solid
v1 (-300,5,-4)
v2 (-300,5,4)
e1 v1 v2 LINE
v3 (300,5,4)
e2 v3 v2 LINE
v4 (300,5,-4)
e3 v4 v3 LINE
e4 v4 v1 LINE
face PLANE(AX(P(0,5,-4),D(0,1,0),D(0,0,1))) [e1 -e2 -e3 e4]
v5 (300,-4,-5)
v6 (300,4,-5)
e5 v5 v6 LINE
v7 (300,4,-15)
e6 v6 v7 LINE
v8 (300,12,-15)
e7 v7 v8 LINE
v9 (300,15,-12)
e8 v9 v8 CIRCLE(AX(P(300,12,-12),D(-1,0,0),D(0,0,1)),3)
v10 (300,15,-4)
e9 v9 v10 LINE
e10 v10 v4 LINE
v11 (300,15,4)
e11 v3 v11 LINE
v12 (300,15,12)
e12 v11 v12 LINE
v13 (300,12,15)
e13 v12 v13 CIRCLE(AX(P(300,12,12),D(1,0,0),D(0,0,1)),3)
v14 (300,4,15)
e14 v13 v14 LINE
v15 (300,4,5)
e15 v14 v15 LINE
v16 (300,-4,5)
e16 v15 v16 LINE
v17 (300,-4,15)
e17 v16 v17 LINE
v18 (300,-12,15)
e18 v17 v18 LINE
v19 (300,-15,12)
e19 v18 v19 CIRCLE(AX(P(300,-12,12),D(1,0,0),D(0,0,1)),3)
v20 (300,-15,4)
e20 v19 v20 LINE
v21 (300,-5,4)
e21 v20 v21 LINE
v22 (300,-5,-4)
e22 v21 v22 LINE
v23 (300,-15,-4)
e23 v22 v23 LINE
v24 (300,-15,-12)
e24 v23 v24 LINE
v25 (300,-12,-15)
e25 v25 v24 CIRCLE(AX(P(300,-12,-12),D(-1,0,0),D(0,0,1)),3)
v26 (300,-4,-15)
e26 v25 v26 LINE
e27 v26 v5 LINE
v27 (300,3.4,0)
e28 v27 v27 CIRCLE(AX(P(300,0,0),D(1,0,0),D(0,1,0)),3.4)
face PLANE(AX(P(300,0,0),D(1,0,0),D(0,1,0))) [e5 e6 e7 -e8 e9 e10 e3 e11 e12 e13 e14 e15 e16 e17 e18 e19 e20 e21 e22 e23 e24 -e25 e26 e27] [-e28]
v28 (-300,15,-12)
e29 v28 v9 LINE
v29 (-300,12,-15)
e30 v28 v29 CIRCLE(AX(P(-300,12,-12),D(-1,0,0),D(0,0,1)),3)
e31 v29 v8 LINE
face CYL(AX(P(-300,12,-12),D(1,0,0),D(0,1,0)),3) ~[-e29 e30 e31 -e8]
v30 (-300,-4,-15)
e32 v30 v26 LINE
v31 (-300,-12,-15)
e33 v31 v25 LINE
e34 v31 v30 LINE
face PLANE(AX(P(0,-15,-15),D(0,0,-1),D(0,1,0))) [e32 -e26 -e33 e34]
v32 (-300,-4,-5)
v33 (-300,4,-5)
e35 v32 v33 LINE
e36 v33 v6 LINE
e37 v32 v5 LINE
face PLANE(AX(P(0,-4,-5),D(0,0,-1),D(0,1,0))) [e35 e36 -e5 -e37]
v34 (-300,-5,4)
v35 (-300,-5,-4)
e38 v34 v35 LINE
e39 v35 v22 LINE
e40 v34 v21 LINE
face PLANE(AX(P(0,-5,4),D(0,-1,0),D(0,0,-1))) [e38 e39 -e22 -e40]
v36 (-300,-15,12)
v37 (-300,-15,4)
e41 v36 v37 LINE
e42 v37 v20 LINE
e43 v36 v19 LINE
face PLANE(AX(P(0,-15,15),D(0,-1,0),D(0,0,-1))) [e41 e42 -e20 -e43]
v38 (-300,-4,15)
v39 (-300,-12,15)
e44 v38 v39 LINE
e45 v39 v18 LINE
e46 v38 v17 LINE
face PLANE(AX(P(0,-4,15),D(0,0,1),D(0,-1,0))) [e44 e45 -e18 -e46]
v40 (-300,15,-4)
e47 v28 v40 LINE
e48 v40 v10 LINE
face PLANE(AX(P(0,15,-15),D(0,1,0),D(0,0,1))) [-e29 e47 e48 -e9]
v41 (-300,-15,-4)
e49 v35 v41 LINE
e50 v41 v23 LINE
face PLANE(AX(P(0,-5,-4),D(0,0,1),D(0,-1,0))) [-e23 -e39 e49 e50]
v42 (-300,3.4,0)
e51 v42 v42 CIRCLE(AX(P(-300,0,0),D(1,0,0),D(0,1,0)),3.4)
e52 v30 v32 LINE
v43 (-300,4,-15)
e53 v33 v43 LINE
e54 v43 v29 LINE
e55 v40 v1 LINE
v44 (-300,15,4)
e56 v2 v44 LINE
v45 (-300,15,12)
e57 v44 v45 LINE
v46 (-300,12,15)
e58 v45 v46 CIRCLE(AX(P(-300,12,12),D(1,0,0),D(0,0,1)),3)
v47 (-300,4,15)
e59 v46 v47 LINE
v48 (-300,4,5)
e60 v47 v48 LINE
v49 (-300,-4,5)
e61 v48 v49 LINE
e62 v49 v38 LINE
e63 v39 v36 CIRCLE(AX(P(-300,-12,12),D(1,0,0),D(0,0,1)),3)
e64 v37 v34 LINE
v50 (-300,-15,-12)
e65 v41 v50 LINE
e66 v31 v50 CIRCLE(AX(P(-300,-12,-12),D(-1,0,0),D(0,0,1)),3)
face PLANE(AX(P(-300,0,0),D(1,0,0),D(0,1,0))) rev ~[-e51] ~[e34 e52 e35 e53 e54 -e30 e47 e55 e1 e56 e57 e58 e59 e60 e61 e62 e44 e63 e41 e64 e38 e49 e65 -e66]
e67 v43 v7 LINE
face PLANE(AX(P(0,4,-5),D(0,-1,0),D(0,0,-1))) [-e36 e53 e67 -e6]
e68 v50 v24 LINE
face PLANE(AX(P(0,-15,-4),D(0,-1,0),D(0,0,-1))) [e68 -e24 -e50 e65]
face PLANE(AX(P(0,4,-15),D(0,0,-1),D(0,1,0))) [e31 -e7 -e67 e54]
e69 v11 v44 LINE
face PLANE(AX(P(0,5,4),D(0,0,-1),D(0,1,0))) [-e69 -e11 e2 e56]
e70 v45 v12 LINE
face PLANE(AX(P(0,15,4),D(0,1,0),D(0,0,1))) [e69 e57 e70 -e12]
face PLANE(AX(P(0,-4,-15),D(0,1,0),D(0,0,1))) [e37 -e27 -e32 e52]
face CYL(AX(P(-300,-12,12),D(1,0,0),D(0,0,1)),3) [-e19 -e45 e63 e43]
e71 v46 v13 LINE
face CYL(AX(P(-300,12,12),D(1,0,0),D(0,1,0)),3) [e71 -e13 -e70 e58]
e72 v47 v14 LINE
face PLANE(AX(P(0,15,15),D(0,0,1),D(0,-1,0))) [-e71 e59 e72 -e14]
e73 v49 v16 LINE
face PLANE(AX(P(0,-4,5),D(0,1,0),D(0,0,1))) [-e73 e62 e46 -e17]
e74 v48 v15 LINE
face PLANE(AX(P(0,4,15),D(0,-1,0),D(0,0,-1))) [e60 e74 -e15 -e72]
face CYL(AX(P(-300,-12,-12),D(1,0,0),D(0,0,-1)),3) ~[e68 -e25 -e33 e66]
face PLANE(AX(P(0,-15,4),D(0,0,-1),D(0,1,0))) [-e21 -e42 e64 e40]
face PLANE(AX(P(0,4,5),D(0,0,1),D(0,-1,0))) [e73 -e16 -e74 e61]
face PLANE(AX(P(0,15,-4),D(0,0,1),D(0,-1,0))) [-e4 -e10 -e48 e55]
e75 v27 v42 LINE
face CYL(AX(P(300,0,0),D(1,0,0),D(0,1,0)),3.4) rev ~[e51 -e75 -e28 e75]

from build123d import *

# Parameters (mm, degrees)
F1_DEPTH = 300
F2_R     = 3.4
F3_DEPTH = 600
F4_R     = 3


with BuildPart() as f1:
    # F0 (on Right) → F1 (new body, symmetric)
    with BuildSketch(Plane.YZ):
        Polygon((15, 4), (15, 15), (4, 15), (4, 5), (-4, 5), (-4, 15), (-15, 15), (-15, 4), (-5, 4), (-5, -4), (-15, -4), (-15, -15), (-4, -15), (-4, -5), (4, -5), (4, -15), (15, -15), (15, -4), (5, -4), (5, 4), align=None)
    extrude(amount=F1_DEPTH, both=True)

    # F2 (on face) → F3 (cut)
    with BuildSketch(Plane.YZ.offset(300)):
        Circle(F2_R)
    extrude(amount=-F3_DEPTH, mode=Mode.SUBTRACT)

    # F4
    f4_edges = [f1.edges().sort_by_distance(p)[0] for p in [
        (0, 15, -15),
        (0, 15, 15),
        (0, -15, -15),
        (0, -15, 15),
    ]]
    fillet(f4_edges, radius=F4_R)


solid = f1.part
